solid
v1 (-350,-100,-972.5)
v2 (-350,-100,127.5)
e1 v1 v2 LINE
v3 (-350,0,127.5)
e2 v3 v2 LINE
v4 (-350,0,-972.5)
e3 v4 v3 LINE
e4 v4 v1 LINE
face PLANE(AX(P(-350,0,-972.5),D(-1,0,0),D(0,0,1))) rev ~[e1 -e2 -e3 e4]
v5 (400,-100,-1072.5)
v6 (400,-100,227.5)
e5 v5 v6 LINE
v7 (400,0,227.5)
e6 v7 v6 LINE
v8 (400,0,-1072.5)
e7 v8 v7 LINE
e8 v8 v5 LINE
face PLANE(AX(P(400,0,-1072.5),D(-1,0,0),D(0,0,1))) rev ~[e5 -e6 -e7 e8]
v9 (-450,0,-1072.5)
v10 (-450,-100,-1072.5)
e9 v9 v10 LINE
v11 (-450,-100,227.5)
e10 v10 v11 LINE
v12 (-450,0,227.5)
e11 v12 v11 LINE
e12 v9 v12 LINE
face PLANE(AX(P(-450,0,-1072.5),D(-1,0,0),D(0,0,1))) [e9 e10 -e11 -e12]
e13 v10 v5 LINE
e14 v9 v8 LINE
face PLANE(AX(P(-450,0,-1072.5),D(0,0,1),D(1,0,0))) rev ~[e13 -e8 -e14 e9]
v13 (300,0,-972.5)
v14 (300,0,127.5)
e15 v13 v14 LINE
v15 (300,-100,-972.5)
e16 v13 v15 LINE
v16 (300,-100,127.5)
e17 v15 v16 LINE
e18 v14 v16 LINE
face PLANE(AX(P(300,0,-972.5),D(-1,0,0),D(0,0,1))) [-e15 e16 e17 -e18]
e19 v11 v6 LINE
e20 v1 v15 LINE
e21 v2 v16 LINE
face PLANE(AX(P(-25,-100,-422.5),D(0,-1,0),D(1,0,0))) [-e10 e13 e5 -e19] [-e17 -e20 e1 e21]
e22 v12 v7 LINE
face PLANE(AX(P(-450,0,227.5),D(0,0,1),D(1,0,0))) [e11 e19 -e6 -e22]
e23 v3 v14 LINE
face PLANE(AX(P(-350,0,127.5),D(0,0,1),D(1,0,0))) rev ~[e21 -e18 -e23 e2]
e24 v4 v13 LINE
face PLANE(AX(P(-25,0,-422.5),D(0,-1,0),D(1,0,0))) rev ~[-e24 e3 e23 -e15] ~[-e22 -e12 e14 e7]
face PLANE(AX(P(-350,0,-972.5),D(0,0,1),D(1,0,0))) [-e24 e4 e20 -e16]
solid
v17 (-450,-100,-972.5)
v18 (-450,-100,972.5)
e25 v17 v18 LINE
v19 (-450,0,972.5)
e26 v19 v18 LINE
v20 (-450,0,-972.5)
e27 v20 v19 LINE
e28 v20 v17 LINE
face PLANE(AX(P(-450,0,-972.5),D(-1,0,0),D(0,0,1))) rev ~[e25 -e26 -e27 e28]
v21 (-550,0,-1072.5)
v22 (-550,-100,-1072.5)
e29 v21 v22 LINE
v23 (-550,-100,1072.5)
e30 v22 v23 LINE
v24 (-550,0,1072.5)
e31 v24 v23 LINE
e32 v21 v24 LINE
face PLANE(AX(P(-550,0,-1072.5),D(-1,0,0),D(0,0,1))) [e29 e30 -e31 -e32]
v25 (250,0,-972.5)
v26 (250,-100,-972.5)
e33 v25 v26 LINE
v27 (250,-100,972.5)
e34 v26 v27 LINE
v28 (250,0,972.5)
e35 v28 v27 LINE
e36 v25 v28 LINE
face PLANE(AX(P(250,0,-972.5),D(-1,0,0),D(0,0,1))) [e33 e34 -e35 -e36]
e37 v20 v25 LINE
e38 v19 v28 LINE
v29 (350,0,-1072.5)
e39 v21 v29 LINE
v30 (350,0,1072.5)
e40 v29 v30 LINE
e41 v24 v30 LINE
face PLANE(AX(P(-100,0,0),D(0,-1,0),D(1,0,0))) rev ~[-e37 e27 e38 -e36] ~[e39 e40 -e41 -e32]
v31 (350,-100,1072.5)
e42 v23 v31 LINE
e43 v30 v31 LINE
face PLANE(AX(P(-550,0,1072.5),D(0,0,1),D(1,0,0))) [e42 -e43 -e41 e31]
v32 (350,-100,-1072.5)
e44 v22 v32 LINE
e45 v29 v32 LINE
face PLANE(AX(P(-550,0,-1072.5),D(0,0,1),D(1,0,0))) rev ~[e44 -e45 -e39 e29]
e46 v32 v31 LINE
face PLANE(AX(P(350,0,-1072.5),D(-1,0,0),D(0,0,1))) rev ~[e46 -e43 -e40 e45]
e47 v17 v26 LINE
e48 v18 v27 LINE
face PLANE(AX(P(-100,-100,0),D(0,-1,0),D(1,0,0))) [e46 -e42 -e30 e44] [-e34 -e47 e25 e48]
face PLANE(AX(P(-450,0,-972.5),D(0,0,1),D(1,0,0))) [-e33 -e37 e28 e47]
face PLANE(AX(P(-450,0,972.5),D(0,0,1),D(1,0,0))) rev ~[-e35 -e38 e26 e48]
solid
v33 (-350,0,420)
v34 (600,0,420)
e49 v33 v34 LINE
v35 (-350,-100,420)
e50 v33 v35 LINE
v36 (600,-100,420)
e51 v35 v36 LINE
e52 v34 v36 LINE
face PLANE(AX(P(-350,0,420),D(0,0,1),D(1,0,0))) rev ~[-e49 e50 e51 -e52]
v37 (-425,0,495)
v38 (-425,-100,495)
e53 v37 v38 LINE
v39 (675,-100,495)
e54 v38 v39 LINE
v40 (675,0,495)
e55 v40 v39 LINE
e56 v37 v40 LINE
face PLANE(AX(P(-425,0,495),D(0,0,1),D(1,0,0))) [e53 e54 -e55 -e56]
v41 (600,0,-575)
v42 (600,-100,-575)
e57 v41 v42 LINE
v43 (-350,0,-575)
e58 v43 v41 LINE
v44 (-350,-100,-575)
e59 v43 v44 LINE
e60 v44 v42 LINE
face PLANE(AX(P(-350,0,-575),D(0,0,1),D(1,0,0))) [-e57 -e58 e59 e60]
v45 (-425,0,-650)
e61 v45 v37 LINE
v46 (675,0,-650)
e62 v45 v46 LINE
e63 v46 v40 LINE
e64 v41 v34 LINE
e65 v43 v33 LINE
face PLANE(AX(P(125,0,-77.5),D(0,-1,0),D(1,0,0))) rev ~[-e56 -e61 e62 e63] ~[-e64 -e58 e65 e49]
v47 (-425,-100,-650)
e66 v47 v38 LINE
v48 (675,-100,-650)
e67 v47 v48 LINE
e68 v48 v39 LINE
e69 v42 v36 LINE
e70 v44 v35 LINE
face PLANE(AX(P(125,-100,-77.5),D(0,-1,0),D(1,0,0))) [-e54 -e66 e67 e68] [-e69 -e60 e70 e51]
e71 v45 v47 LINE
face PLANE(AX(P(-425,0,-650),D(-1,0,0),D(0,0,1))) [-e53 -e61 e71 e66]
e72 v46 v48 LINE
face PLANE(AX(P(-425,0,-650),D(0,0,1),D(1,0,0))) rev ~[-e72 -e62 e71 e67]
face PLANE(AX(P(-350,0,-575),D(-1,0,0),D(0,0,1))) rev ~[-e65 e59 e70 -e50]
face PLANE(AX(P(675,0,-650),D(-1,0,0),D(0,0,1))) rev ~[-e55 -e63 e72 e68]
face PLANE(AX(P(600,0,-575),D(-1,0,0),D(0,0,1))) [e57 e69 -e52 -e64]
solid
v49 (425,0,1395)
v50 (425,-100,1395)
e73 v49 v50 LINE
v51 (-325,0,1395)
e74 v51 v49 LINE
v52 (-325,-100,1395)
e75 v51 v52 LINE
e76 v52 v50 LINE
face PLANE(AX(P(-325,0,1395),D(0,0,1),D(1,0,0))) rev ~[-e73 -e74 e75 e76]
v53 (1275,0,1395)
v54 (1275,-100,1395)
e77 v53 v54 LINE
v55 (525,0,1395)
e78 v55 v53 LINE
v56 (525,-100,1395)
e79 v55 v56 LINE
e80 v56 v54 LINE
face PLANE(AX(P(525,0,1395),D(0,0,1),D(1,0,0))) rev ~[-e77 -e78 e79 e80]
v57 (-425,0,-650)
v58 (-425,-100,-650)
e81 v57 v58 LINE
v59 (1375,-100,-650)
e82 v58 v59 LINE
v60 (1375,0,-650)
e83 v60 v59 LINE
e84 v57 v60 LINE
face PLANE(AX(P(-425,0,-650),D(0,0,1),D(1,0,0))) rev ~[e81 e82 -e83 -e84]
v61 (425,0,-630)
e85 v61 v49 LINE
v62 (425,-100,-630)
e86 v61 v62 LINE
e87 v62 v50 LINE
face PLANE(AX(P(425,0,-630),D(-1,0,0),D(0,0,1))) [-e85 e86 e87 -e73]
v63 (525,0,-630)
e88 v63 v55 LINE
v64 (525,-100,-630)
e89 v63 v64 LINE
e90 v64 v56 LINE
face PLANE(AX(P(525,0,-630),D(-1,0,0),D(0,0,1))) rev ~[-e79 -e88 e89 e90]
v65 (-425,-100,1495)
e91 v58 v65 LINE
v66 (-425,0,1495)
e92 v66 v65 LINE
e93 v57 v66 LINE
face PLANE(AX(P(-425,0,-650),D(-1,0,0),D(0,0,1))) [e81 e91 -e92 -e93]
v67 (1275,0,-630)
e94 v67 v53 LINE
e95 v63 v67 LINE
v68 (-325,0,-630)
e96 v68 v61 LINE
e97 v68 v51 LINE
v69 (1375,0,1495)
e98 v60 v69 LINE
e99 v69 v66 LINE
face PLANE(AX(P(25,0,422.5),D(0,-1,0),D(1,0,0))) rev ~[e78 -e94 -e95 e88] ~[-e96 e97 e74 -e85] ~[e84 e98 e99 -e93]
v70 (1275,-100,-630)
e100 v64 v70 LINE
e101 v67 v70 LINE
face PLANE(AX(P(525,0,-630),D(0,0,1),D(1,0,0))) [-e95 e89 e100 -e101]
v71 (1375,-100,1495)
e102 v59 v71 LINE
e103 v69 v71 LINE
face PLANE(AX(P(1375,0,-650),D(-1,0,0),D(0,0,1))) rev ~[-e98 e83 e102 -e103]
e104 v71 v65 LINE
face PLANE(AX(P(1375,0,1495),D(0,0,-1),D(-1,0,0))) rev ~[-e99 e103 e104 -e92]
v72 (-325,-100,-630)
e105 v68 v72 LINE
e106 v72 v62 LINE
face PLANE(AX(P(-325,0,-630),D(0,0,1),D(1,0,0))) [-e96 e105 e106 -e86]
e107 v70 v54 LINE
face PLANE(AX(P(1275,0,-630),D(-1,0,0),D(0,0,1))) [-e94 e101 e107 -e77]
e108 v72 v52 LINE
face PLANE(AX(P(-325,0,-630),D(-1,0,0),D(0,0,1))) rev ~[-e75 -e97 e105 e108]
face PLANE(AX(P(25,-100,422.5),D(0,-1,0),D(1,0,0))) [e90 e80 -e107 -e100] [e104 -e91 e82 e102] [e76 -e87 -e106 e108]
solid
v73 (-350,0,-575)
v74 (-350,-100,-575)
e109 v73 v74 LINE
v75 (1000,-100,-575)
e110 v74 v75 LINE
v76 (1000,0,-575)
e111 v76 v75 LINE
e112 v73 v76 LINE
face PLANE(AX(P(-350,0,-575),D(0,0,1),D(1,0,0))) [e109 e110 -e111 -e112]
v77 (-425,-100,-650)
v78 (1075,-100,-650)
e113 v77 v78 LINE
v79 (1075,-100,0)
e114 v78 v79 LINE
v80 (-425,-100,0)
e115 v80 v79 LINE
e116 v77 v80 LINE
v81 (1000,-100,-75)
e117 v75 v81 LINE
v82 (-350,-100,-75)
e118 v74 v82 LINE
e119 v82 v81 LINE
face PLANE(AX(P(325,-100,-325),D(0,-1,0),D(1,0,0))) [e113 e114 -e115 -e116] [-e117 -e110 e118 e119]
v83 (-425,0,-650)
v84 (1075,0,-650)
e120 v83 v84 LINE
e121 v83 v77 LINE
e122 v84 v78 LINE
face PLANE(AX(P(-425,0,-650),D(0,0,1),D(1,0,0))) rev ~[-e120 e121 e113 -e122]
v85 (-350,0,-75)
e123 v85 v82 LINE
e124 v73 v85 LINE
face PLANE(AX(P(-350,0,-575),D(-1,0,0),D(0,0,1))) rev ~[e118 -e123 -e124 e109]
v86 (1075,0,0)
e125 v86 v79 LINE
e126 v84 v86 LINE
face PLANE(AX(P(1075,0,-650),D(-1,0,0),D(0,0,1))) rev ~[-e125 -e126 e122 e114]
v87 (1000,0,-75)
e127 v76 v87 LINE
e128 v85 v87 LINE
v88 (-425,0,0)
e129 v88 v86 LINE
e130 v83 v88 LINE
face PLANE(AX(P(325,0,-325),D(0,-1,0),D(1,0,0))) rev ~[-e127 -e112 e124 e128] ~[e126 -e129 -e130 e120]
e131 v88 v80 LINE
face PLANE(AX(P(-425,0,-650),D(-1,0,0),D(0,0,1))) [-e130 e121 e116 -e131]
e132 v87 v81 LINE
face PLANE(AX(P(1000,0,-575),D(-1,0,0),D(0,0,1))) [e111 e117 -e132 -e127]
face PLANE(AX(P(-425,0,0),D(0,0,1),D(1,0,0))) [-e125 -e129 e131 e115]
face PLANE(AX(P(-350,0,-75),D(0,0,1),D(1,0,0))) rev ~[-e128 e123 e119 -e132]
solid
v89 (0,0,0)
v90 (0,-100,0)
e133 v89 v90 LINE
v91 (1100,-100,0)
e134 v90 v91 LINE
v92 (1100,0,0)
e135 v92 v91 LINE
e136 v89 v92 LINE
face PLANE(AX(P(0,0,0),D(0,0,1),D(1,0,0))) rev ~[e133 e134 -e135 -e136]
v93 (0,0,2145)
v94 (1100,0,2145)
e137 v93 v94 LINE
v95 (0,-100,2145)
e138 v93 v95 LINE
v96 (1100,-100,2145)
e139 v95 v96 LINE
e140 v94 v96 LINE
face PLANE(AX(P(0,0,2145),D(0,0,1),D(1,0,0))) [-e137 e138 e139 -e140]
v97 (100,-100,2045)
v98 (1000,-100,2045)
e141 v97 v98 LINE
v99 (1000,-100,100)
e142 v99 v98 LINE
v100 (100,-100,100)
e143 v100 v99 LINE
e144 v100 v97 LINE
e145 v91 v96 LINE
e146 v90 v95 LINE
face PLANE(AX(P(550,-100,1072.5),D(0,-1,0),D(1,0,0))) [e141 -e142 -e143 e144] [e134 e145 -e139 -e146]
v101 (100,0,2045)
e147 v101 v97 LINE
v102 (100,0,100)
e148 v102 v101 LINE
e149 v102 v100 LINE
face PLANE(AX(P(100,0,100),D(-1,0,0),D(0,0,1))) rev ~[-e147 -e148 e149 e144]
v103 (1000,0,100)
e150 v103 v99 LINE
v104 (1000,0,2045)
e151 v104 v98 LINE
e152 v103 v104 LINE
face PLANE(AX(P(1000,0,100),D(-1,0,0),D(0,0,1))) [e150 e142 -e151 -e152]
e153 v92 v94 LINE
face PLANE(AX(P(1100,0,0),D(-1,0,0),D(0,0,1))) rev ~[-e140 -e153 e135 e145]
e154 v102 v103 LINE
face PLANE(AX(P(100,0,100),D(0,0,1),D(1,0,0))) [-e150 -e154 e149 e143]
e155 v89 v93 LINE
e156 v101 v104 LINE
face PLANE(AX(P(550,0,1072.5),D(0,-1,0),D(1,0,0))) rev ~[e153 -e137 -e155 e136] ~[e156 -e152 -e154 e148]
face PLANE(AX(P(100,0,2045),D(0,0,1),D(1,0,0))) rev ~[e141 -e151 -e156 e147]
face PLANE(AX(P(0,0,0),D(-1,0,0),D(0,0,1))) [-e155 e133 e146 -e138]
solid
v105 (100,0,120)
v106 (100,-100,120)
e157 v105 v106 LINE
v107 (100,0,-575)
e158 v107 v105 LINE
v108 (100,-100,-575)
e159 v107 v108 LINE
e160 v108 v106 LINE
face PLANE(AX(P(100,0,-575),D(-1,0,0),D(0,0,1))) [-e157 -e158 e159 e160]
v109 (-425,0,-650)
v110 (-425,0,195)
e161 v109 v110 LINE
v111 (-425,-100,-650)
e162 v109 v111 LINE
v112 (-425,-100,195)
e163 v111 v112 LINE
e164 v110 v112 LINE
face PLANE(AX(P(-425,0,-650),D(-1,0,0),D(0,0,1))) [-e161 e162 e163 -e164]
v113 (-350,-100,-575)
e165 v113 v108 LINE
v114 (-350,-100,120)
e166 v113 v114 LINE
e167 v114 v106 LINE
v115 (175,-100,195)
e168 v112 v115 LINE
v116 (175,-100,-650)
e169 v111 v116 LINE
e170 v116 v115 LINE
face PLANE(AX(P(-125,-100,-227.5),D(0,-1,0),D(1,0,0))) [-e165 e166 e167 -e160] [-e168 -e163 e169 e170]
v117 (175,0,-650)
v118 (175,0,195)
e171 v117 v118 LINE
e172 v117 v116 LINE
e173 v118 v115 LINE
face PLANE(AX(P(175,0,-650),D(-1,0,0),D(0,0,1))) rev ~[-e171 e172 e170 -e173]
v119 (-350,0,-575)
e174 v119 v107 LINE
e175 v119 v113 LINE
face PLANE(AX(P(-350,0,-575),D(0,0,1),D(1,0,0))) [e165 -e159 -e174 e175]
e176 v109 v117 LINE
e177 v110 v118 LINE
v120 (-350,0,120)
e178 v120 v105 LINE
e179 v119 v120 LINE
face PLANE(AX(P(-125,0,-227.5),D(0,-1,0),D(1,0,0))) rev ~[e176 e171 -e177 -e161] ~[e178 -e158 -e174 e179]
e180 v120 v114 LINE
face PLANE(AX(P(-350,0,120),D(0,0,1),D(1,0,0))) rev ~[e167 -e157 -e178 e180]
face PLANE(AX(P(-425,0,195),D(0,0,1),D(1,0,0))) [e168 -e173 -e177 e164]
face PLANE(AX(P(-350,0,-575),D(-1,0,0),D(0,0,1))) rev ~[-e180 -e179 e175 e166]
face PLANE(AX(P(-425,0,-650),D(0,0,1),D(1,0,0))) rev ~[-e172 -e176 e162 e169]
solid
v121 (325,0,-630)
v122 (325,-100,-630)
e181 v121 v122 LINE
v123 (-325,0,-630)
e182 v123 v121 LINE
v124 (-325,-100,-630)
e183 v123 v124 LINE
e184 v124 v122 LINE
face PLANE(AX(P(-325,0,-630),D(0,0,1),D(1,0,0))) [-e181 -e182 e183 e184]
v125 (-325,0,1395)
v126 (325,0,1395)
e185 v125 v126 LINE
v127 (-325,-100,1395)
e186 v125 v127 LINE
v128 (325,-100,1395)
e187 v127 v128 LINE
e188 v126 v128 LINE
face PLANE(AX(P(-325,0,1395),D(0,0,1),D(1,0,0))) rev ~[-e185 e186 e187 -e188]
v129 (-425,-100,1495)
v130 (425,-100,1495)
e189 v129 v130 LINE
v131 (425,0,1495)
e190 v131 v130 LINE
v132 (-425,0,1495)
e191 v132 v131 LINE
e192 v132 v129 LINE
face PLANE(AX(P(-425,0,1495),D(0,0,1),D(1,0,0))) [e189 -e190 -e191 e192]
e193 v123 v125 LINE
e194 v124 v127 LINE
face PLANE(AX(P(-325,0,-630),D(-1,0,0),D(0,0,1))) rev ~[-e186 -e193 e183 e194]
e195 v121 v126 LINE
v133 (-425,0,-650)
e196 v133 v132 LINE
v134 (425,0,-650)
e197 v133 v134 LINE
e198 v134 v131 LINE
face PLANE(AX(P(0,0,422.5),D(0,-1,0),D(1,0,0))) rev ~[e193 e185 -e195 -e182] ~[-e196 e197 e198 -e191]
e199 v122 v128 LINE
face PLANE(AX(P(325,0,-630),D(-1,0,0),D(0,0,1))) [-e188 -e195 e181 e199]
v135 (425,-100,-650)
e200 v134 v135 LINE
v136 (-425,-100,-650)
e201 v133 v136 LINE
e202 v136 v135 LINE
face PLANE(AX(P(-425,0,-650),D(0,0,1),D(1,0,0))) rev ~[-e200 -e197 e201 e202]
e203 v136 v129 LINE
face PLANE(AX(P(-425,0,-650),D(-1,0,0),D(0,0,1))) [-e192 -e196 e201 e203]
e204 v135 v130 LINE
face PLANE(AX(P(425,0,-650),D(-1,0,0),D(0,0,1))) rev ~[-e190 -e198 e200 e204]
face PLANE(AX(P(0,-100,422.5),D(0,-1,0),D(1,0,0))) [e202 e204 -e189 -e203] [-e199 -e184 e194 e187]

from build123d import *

# Parameters (mm, degrees)
F0_W      = 1100
F0_H      = 2145
F0_W_2    = 900
F0_H_2    = 1945
F1_DEPTH  = 100
F2_W      = 900
F2_H      = 2145
F2_W_2    = 700
F2_H_2    = 1945
F3_DEPTH  = 100
F4_W      = 850
F4_H      = 1300
F4_W_2    = 650
F4_H_2    = 1100
F5_DEPTH  = 100
F6_W      = 900
F6_H      = 2145
F6_W_2    = 750
F6_H_2    = 2025
F7_DEPTH  = 100
F8_W      = 850
F8_H      = 2145
F8_W_2    = 650
F8_H_2    = 2025
F9_DEPTH  = 100
F10_W     = 1500
F10_H     = 650
F10_W_2   = 1350
F10_H_2   = 500
F11_DEPTH = 100
F12_W     = 600
F12_H     = 845
F12_W_2   = 450
F12_H_2   = 695
F13_DEPTH = 100
F14_W     = 1100
F14_H     = 1145
F14_W_2   = 950
F14_H_2   = 995
F15_DEPTH = 100


with BuildPart() as f1:
    # F0 (on Front) → F1 (new body)
    with BuildSketch(Plane.XZ):
        with Locations((550, 1072.5)):
            Rectangle(F0_W, F0_H)
        with Locations((550, 1072.5)):
            Rectangle(F0_W_2, F0_H_2, mode=Mode.SUBTRACT)
    extrude(amount=F1_DEPTH)


with BuildPart() as f3:
    # F2 (on Front) → F3 (new body)
    with BuildSketch(Plane.XZ):
        with Locations((-100, 0)):
            Rectangle(F2_W, F2_H)
        with Locations((-100, 0)):
            Rectangle(F2_W_2, F2_H_2, mode=Mode.SUBTRACT)
    extrude(amount=F3_DEPTH)


with BuildPart() as f5:
    # F4 (on Front) → F5 (new body)
    with BuildSketch(Plane.XZ):
        with Locations((-25, -422.5)):
            Rectangle(F4_W, F4_H)
        with Locations((-25, -422.5)):
            Rectangle(F4_W_2, F4_H_2, mode=Mode.SUBTRACT)
    extrude(amount=F5_DEPTH)


with BuildPart() as f7:
    # F6 (on Front) → F7 (new body)
    with BuildSketch(Plane.XZ):
        with Locations((25, 422.5)):
            Rectangle(F6_W, F6_H)
        with Locations((50, 382.5)):
            Rectangle(F6_W_2, F6_H_2, mode=Mode.SUBTRACT)
        with Locations((925, 422.5)):
            Rectangle(F6_W, F6_H)
        with Locations((900, 382.5)):
            Rectangle(F6_W_2, F6_H_2, mode=Mode.SUBTRACT)
    extrude(amount=F7_DEPTH)


with BuildPart() as f9:
    # F8 (on Front) → F9 (new body)
    with BuildSketch(Plane.XZ):
        with Locations((0, 422.5)):
            Rectangle(F8_W, F8_H)
        with Locations((0, 382.5)):
            Rectangle(F8_W_2, F8_H_2, mode=Mode.SUBTRACT)
    extrude(amount=F9_DEPTH)


with BuildPart() as f11:
    # F10 (on Front) → F11 (new body)
    with BuildSketch(Plane.XZ):
        with Locations((325, -325)):
            Rectangle(F10_W, F10_H)
        with Locations((325, -325)):
            Rectangle(F10_W_2, F10_H_2, mode=Mode.SUBTRACT)
    extrude(amount=F11_DEPTH)


with BuildPart() as f13:
    # F12 (on Front) → F13 (new body)
    with BuildSketch(Plane.XZ):
        with Locations((-125, -227.5)):
            Rectangle(F12_W, F12_H)
        with Locations((-125, -227.5)):
            Rectangle(F12_W_2, F12_H_2, mode=Mode.SUBTRACT)
    extrude(amount=F13_DEPTH)


with BuildPart() as f15:
    # F14 (on Front) → F15 (new body)
    with BuildSketch(Plane.XZ):
        with Locations((125, -77.5)):
            Rectangle(F14_W, F14_H)
        with Locations((125, -77.5)):
            Rectangle(F14_W_2, F14_H_2, mode=Mode.SUBTRACT)
    extrude(amount=F15_DEPTH)


solid = Compound([f1.part, f3.part, f5.part, f7.part, f9.part, f11.part, f13.part, f15.part])
